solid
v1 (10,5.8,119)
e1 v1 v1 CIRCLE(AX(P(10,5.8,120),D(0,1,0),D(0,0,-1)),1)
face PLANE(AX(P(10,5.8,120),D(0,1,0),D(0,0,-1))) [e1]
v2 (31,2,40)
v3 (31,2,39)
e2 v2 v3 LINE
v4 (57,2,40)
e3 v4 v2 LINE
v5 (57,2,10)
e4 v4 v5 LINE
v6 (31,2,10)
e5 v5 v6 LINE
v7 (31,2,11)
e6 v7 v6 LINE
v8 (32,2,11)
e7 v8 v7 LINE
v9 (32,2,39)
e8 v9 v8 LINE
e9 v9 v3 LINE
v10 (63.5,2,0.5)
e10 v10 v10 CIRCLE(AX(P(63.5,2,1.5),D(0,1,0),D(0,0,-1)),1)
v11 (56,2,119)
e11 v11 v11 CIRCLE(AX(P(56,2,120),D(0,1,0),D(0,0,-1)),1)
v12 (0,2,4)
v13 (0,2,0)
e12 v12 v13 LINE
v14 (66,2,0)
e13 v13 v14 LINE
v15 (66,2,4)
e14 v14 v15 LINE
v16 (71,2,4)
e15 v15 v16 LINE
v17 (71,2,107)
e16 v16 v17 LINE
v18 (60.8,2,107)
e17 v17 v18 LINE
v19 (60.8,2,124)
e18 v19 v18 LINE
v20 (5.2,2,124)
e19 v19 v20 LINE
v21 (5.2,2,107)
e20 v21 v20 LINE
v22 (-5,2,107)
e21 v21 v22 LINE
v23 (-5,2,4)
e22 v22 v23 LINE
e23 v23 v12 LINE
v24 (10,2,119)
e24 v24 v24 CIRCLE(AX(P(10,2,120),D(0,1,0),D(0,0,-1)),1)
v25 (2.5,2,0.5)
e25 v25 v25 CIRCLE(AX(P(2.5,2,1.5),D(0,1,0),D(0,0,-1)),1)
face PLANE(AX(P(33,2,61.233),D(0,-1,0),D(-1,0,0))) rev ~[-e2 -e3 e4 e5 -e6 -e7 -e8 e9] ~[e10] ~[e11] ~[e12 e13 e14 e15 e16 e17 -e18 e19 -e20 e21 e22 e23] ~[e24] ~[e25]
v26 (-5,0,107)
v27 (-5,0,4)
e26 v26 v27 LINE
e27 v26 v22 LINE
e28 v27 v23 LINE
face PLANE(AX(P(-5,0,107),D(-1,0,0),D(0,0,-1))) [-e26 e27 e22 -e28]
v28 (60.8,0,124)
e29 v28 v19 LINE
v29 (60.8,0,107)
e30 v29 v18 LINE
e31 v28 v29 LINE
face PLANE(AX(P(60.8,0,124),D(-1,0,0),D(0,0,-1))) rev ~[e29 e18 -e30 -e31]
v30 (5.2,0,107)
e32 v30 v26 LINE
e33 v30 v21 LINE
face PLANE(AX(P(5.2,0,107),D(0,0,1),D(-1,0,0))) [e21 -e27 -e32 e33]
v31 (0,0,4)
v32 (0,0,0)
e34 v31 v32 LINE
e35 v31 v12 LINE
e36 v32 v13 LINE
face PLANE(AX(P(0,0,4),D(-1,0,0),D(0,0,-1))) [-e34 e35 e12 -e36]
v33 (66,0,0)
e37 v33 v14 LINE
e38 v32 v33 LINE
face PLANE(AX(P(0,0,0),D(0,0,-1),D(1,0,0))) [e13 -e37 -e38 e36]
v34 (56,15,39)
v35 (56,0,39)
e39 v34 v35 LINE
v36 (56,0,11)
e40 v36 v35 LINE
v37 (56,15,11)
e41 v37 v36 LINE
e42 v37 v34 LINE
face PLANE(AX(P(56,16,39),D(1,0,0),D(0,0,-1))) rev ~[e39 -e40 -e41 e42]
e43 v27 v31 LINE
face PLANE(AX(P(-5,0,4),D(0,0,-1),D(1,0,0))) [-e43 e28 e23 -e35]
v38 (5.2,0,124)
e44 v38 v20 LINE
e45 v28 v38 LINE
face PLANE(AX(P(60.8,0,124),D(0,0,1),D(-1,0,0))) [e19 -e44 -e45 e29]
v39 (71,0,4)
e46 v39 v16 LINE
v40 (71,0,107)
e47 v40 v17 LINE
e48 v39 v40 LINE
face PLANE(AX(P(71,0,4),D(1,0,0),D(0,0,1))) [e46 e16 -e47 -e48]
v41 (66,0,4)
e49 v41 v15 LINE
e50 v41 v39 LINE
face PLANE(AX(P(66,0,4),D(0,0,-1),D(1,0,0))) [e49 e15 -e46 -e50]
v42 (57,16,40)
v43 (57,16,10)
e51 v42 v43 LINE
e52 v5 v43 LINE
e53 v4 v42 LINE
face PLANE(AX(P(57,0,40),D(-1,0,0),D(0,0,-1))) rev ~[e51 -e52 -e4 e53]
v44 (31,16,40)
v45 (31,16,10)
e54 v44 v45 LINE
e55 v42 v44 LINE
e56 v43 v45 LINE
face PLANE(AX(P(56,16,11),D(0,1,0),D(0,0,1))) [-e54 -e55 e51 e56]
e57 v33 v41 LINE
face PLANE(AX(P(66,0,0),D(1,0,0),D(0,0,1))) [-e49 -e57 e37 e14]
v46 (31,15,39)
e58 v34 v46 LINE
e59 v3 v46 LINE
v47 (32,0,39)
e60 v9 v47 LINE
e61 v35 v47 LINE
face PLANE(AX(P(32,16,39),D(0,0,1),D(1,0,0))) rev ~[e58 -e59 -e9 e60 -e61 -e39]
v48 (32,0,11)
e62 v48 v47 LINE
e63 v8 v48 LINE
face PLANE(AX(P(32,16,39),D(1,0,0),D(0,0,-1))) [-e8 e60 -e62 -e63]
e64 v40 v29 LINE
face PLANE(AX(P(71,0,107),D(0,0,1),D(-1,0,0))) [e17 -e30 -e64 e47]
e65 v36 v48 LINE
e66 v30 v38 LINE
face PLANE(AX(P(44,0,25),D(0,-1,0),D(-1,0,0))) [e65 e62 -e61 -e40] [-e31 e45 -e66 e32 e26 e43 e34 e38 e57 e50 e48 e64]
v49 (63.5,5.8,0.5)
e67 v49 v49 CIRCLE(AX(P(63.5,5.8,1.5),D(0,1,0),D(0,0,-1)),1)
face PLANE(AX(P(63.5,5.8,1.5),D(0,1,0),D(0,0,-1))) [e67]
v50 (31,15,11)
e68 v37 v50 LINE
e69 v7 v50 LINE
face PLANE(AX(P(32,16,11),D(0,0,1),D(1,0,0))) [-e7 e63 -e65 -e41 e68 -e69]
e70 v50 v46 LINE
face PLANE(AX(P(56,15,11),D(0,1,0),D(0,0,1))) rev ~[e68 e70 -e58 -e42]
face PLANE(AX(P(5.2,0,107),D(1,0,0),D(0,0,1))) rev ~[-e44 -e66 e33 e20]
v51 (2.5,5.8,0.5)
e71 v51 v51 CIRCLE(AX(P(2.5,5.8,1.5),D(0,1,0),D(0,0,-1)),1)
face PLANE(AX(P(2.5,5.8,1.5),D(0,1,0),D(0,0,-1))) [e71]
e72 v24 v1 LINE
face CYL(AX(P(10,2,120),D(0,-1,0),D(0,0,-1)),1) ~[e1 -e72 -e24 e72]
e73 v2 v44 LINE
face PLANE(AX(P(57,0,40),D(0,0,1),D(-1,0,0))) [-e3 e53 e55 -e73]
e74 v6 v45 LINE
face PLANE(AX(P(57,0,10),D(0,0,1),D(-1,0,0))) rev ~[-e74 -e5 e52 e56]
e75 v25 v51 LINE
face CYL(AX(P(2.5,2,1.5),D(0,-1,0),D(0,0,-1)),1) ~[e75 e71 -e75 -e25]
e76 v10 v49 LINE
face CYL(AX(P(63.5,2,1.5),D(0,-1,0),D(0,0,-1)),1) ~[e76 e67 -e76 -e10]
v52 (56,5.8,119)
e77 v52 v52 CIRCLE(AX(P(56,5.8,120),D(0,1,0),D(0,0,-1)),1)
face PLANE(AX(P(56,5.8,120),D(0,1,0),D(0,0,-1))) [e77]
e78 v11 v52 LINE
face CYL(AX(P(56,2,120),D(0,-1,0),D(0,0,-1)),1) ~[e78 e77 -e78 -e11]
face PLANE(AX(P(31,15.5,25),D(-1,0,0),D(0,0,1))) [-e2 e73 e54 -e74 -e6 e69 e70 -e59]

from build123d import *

# Parameters (mm, degrees)
BOSS_EXTRUDE1_DEPTH = 2
SKETCH2_R           = 1
BOSS_EXTRUDE2_DEPTH = 3.8
SKETCH3_W           = 26
SKETCH3_H           = 30
BOSS_EXTRUDE3_DEPTH = 16
SKETCH4_W           = 24
SKETCH4_H           = 28
CUT_EXTRUDE1_DEPTH  = 26
SKETCH5_W           = 28
SKETCH5_H           = 14
CUT_EXTRUDE2_DEPTH  = 1
SKETCH6_W           = 28
SKETCH6_H           = 1
BOSS_EXTRUDE4_DEPTH = 25


with BuildPart() as part:
    # Sketch1 → Boss-Extrude1 (new body)
    with BuildSketch(Plane(origin=(0, 0, 0), x_dir=(1, 0, 0), z_dir=(0, 1, 0))):
        Polygon((0, 0), (66, 0), (66, -4), (71, -4), (71, -107), (60.8, -107), (60.8, -115), (60.8, -124), (5.2, -124), (5.2, -115), (5.2, -107), (-5, -107), (-5, -4), (0, -4), align=None)
    extrude(amount=BOSS_EXTRUDE1_DEPTH)

    # Sketch2 → Boss-Extrude2 (add)
    with BuildSketch(Plane(origin=(0, 2, 0), x_dir=(1, 0, 0), z_dir=(0, 1, 0))):
        with Locations(Location((10, -120, 0), (0, 0, 90))):
            Circle(SKETCH2_R)
        with Locations(Location((56, -120, 0), (0, 0, 90))):
            Circle(SKETCH2_R)
        with Locations(Location((2.5, -1.5, 0), (0, 0, 90))):
            Circle(SKETCH2_R)
        with Locations(Location((63.5, -1.5, 0), (0, 0, 90))):
            Circle(SKETCH2_R)
    extrude(amount=BOSS_EXTRUDE2_DEPTH)

    # Sketch3 → Boss-Extrude3 (add)
    with BuildSketch(Plane(origin=(0, 0, 0), x_dir=(-1, 0, 0), z_dir=(0, -1, 0))):
        with Locations((-44, -25)):
            Rectangle(SKETCH3_W, SKETCH3_H)
    extrude(amount=-BOSS_EXTRUDE3_DEPTH)

    # Sketch4 → Cut-Extrude1 (cut)
    with BuildSketch(Plane(origin=(0, 16, 0), x_dir=(1, 0, 0), z_dir=(0, 1, 0))):
        with Locations((44, -25)):
            Rectangle(SKETCH4_W, SKETCH4_H)
    extrude(amount=-CUT_EXTRUDE1_DEPTH, mode=Mode.SUBTRACT)

    # Sketch5 → Cut-Extrude2 (cut)
    with BuildSketch(Plane(origin=(32, 0, 0), x_dir=(0, 0, -1), z_dir=(1, 0, 0))):
        with Locations((-25, 9)):
            Rectangle(SKETCH5_W, SKETCH5_H)
    extrude(amount=-CUT_EXTRUDE2_DEPTH, mode=Mode.SUBTRACT)

    # Sketch6 → Boss-Extrude4 (add)
    with BuildSketch(Plane.ZY.offset(-56)):
        with Locations((25, 15.5)):
            Rectangle(SKETCH6_W, SKETCH6_H)
    extrude(amount=BOSS_EXTRUDE4_DEPTH)


solid = part.part
